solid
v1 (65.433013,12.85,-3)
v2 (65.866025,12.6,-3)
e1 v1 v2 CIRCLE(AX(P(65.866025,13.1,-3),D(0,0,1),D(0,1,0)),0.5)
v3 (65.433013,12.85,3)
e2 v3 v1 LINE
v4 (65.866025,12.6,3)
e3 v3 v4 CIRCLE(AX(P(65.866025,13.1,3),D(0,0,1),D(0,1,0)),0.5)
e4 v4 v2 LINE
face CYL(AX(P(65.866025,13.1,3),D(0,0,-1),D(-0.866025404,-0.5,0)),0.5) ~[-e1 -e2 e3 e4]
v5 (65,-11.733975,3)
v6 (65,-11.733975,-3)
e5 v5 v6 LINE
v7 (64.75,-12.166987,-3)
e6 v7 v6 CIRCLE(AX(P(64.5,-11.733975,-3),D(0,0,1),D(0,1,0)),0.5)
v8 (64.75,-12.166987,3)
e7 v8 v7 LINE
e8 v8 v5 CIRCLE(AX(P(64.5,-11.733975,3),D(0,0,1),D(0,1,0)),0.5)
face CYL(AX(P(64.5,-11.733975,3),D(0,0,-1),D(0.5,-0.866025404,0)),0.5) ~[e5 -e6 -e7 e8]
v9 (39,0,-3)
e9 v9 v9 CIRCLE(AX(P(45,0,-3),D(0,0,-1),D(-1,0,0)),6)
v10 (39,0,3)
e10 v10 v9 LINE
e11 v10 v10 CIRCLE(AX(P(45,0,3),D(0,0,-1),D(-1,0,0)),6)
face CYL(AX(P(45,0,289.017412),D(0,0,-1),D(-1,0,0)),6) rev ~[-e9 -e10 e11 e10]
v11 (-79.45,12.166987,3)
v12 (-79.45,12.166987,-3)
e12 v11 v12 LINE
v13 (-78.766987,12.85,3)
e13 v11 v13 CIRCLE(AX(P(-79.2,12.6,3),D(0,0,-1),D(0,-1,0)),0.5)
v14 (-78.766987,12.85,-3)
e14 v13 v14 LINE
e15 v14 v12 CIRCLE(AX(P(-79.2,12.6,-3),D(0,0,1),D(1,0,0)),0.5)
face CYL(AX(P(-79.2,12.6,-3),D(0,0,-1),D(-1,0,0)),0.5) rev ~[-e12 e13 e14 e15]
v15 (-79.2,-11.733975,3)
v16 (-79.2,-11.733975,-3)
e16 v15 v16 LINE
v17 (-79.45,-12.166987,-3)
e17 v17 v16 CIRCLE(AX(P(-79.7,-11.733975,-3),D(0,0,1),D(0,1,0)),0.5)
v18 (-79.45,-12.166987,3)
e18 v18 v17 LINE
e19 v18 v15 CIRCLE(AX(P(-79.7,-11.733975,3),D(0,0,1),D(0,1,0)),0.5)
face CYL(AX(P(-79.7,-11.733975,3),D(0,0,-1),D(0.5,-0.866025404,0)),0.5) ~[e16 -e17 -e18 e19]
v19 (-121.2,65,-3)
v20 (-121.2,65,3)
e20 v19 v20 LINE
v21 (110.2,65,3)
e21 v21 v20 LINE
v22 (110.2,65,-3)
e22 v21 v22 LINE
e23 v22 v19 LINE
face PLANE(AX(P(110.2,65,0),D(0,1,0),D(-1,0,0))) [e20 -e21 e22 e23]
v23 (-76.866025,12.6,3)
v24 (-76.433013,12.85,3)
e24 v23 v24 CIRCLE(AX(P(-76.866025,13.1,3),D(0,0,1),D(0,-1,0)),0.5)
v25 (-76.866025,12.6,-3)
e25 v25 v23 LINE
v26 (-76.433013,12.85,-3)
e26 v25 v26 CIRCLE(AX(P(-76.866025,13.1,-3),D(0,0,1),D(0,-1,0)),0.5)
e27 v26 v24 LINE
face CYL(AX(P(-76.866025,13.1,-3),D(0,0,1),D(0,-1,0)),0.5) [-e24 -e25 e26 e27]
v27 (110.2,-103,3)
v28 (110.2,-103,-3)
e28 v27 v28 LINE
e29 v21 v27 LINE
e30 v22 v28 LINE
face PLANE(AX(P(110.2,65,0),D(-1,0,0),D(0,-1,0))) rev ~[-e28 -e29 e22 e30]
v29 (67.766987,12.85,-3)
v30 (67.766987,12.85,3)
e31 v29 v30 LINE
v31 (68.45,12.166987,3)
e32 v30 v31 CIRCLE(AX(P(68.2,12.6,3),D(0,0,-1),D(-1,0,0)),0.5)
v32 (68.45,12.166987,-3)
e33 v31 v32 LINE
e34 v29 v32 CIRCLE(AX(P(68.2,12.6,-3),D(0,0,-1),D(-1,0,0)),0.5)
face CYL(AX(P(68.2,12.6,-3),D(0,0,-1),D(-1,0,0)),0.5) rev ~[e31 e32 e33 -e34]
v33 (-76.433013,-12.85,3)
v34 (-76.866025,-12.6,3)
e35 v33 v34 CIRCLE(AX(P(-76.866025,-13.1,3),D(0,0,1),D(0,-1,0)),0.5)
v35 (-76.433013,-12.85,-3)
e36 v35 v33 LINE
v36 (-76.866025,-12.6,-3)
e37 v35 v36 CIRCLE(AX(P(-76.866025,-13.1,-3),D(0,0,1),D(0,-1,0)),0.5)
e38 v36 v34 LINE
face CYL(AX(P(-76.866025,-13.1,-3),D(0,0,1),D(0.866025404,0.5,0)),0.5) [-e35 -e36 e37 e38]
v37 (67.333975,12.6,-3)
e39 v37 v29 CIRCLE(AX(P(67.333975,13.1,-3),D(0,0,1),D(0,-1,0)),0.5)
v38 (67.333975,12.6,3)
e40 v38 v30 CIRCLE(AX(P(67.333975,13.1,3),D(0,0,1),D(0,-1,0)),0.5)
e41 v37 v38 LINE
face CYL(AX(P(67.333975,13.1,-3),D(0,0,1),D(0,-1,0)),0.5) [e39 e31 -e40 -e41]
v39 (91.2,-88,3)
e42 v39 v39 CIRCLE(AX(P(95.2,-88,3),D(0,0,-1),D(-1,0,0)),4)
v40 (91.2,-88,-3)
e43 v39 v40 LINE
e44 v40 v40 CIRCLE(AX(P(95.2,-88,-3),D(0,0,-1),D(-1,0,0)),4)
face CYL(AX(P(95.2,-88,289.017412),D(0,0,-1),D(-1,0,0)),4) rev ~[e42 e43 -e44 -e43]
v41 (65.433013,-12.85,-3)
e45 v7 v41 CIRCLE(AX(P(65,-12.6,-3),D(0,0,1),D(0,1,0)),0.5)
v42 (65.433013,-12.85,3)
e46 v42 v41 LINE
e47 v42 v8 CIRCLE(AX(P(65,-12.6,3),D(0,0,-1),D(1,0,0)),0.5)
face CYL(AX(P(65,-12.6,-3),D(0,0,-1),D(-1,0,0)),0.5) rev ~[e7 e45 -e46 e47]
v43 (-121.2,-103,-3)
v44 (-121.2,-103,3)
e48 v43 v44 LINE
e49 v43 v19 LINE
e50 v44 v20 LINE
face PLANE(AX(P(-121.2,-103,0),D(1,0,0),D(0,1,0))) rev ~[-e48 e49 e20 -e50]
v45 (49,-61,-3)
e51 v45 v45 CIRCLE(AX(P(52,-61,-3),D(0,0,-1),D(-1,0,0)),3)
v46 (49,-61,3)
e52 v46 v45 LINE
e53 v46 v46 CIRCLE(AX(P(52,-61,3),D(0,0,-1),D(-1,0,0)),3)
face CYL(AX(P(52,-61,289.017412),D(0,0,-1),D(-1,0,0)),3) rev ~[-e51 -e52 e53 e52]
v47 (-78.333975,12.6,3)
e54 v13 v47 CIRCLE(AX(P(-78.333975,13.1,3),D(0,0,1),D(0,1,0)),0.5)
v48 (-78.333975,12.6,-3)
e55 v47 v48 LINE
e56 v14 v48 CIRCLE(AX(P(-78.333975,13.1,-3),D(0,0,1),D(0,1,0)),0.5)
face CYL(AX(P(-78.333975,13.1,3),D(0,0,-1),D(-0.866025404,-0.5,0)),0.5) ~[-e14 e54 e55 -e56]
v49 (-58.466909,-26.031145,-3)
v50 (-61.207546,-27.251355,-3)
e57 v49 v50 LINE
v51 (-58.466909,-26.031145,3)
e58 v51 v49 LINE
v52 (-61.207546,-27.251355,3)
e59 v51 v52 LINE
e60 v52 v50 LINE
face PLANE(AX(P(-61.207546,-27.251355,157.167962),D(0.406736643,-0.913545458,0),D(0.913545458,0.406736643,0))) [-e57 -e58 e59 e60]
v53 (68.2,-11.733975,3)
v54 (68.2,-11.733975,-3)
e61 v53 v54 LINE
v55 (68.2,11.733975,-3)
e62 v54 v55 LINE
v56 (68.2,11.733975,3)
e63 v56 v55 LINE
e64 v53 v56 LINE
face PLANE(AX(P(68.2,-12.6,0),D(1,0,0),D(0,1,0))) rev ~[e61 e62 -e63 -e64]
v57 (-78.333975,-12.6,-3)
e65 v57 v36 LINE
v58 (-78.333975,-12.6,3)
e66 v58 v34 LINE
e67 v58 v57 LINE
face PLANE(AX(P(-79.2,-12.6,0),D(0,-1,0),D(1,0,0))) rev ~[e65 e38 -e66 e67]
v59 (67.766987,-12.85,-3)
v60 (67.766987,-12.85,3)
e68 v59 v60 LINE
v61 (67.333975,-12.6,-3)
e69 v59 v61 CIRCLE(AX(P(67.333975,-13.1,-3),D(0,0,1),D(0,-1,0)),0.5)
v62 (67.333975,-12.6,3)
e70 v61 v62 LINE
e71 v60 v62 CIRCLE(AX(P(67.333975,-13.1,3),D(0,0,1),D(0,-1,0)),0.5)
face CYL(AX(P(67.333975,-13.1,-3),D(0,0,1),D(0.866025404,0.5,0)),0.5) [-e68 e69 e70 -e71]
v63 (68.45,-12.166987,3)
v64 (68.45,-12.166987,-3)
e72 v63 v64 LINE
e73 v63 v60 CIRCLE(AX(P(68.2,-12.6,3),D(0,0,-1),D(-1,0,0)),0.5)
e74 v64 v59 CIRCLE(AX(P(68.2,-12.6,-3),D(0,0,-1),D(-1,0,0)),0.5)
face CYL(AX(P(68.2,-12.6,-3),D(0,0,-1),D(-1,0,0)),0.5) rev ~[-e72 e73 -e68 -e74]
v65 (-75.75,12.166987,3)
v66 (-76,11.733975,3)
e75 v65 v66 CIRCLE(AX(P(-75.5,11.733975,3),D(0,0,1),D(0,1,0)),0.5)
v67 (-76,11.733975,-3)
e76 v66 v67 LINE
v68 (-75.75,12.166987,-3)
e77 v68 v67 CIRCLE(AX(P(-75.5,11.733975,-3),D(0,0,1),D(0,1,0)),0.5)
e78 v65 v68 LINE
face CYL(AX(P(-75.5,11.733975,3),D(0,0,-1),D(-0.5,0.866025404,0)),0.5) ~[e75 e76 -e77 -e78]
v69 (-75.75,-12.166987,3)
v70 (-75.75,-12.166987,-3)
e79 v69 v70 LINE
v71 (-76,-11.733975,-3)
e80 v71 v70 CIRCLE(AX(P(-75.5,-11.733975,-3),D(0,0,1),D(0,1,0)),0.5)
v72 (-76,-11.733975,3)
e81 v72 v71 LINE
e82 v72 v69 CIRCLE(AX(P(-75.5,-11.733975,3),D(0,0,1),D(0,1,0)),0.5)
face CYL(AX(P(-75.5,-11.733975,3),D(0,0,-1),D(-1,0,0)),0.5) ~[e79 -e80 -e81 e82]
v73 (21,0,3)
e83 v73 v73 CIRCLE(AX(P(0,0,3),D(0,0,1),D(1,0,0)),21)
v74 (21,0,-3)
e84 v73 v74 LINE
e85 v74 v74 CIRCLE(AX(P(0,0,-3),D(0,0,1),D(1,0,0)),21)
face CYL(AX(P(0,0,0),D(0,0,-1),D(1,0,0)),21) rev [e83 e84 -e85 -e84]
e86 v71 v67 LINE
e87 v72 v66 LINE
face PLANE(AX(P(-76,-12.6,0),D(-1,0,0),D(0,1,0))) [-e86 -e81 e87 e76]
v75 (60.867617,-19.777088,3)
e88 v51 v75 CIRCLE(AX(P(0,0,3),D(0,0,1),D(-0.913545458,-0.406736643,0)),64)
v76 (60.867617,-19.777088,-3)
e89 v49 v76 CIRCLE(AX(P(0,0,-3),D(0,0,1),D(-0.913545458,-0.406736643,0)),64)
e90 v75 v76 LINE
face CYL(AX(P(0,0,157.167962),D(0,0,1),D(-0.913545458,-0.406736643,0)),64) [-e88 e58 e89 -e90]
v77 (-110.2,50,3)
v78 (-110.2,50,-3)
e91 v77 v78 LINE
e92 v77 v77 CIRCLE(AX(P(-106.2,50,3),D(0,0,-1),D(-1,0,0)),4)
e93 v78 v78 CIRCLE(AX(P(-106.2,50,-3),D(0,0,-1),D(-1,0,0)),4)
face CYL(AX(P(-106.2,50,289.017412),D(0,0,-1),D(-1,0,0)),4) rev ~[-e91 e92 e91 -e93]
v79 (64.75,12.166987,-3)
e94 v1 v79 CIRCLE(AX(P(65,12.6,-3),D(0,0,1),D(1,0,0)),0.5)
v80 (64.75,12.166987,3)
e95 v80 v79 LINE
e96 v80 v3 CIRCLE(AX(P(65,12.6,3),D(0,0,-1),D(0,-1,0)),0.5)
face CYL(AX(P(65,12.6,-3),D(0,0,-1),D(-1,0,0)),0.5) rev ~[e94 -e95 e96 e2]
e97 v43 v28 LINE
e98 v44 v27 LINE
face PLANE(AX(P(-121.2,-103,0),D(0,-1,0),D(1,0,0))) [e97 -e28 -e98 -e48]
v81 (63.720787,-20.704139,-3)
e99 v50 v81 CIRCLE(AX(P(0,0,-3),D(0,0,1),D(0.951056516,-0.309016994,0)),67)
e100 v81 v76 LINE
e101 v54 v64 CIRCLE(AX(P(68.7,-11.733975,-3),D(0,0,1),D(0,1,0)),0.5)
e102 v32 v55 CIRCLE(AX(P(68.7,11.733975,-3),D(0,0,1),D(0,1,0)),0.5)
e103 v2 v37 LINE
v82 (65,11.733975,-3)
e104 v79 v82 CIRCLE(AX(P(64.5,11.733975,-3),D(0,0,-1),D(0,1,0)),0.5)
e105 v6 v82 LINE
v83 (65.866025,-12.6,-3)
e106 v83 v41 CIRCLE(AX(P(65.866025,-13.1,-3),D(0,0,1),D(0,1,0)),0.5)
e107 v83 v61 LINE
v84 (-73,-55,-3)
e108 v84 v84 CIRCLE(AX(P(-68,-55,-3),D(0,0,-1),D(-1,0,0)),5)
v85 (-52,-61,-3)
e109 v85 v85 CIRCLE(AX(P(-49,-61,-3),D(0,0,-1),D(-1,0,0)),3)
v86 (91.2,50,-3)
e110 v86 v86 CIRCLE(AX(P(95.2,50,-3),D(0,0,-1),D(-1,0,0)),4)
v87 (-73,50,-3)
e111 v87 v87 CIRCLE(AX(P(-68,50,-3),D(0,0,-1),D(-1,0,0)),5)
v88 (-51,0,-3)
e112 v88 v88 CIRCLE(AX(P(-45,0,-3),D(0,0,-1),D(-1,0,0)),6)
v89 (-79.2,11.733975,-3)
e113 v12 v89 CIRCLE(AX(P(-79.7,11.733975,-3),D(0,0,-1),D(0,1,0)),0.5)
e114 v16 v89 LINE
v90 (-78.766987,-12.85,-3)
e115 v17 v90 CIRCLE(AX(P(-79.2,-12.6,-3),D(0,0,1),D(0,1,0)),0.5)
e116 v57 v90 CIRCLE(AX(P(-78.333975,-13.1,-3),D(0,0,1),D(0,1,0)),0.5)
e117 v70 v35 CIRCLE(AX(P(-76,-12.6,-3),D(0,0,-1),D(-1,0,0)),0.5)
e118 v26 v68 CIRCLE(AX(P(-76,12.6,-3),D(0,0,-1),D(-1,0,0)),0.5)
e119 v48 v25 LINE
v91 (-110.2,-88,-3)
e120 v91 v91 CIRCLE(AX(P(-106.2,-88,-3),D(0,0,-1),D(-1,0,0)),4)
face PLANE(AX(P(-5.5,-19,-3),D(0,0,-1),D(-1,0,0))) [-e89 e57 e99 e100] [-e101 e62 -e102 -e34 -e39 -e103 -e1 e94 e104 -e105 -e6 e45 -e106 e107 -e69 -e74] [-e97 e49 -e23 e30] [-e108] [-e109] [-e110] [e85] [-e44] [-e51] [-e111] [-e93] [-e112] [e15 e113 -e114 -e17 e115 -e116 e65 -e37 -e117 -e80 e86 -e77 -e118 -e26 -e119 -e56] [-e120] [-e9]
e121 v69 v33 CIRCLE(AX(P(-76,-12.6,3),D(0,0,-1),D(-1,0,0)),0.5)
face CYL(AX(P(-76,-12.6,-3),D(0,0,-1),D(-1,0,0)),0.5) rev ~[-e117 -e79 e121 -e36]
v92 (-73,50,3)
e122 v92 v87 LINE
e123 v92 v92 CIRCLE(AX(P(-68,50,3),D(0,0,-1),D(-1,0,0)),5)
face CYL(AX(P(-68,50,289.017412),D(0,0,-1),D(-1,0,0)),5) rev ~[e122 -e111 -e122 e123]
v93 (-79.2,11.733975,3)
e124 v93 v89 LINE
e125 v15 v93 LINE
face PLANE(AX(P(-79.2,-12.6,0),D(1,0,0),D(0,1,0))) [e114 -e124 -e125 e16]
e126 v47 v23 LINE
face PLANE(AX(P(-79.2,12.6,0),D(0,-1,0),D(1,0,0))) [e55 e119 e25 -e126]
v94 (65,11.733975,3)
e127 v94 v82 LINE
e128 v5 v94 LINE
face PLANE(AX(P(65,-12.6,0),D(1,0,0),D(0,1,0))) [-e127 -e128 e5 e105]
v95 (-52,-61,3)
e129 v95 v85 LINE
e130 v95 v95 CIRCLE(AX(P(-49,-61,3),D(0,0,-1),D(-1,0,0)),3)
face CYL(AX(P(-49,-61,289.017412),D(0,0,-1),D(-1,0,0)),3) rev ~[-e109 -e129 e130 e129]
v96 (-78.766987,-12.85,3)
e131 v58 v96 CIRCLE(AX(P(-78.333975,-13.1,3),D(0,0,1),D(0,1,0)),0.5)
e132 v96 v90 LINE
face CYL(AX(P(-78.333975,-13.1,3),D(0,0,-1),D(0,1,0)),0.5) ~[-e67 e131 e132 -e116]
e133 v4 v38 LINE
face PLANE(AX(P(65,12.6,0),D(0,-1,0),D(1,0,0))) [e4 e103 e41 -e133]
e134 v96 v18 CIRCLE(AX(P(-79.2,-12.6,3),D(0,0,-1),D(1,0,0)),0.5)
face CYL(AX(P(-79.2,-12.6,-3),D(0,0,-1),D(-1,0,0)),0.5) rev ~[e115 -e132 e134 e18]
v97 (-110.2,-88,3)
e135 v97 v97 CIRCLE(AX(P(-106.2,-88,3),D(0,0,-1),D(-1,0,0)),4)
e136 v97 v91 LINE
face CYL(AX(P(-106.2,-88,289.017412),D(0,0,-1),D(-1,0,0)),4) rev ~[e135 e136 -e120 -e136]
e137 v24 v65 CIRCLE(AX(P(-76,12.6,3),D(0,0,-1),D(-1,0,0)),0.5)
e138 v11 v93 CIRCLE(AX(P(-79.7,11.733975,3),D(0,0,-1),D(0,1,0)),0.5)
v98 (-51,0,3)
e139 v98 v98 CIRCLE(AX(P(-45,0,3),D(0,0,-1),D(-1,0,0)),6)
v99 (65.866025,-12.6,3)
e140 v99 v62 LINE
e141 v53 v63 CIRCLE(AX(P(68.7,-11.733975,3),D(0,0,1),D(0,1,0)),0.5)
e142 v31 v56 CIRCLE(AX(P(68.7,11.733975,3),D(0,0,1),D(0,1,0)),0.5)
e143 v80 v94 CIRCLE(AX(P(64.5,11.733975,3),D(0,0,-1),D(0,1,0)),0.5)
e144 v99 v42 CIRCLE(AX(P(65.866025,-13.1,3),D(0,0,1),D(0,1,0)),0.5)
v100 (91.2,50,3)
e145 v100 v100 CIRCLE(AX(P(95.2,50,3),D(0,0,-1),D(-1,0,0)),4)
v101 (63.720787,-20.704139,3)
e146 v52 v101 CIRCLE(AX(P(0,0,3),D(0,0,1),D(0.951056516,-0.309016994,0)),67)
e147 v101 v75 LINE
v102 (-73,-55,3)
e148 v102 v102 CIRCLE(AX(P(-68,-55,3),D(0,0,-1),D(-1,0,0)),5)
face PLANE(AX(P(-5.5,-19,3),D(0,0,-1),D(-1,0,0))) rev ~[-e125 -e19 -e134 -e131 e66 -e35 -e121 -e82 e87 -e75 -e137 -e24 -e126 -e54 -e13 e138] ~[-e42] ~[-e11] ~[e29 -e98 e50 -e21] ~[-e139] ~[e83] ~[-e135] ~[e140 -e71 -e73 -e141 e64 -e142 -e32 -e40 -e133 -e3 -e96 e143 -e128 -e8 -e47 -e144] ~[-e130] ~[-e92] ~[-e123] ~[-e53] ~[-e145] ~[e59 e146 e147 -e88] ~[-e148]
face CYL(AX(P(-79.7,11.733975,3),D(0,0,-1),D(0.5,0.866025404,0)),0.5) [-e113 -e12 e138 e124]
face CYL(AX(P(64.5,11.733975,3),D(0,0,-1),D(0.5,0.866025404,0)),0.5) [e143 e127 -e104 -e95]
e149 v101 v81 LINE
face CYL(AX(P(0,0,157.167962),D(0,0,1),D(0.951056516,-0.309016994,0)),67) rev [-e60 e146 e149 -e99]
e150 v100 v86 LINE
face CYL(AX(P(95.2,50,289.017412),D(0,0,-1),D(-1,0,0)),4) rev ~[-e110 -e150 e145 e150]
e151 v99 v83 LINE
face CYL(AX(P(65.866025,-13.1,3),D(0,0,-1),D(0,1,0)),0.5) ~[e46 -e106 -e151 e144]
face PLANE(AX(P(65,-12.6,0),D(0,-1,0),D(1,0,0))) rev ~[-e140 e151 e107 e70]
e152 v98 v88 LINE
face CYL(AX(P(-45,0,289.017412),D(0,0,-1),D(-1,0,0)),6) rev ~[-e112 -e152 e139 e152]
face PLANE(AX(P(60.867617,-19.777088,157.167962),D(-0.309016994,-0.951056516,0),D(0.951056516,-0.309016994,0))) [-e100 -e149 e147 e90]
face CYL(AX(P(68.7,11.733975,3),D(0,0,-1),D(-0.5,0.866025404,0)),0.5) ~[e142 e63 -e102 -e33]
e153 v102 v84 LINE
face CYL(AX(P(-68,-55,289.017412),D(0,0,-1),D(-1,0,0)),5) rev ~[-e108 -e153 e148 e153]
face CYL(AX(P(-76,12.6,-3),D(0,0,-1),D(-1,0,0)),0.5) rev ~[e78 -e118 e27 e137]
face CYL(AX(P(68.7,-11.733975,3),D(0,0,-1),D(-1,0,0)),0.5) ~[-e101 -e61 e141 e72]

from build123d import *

# Parameters (mm, degrees)
SKETCH2_R                  = 21
SKETCH2_W                  = 3.2
SKETCH2_H                  = 25.2
BOSS_EXTRUDE1_DEPTH        = 3
F_10_0_10_DIAMETER_HOLE1_D = 10
F_8_0_8_DIAMETER_HOLE1_D   = 8
F_12_0_12_DIAMETER_HOLE1_D = 12
CUT_EXTRUDE1_DEPTH         = 160.1679616
CUT_EXTRUDE1_DEPTH_BACK    = 160.1679616
SKETCH19_R                 = 0.5
CUT_EXTRUDE2_DEPTH         = 160.1679616
FILLET1_R                  = 0.5
F_6_0_6_DIAMETER_HOLE1_D   = 6


with BuildPart() as part:
    # Sketch2 → Boss-Extrude1 (new, symmetric)
    with BuildSketch(Plane.XY):
        Polygon((-68, 65), (95.2, 65), (110.2, 65), (110.2, -103), (0, -103), (-121.2, -103), (-121.2, 65), (-106.2, 65), align=None)
        Circle(SKETCH2_R, mode=Mode.SUBTRACT)
        with Locations((-77.6, 0)):
            Rectangle(SKETCH2_W, SKETCH2_H, mode=Mode.SUBTRACT)
        with Locations((66.6, 0)):
            Rectangle(SKETCH2_W, SKETCH2_H, mode=Mode.SUBTRACT)
    extrude(amount=BOSS_EXTRUDE1_DEPTH, both=True)

    # Ø10.0 (10) Diameter Hole1 (through all)
    with Locations(Plane.XY.offset(3)):
        with Locations((-68, 50), (-68, -55)):
            Hole(F_10_0_10_DIAMETER_HOLE1_D / 2)

    # Ø8.0 (8) Diameter Hole1 (through all)
    with Locations(Plane.XY.offset(3)):
        with Locations((-106.2, 50), (-106.2, -88), (95.2, -88), (95.2, 50)):
            Hole(F_8_0_8_DIAMETER_HOLE1_D / 2)

    # Ø12.0 (12) Diameter Hole1 (through all)
    with Locations(Plane.XY.offset(3)):
        with Locations((-45, 0), (45, 0)):
            Hole(F_12_0_12_DIAMETER_HOLE1_D / 2)

    # Sketch18 → Cut-Extrude1 (cut, two sides: drawn at the far end of the back side and taken through both)
    with BuildSketch(Plane(origin=(0, 0, -3), x_dir=(-1, 0, 0), z_dir=(0, 0, -1)).offset(-CUT_EXTRUDE1_DEPTH_BACK)):
        with BuildLine():
            Line((-60.867617043, -19.77708764), (-63.720786592, -20.704138623))
            ThreePointArc((-63.720786592, -20.704138623), (-3.506509068, -66.908178829), (61.207545662, -27.251355086))
            Line((61.207545662, -27.251355086), (58.466909289, -26.031145157))
            ThreePointArc((58.466909289, -26.031145157), (-3.3495012, -63.912290224), (-60.867617043, -19.77708764))
        make_face()
    extrude(amount=CUT_EXTRUDE1_DEPTH + CUT_EXTRUDE1_DEPTH_BACK, mode=Mode.SUBTRACT)

    # Sketch19 → Cut-Extrude2 (cut, through all)
    with BuildSketch(Plane(origin=(0, 0, -3), x_dir=(-1, 0, 0), z_dir=(0, 0, -1))):
        with Locations((-65, -12.6)):
            Circle(SKETCH19_R)
        with Locations((-68.2, -12.6)):
            Circle(SKETCH19_R)
        with Locations((-68.2, 12.6)):
            Circle(SKETCH19_R)
        with Locations((-65, 12.6)):
            Circle(SKETCH19_R)
        with Locations((79.2, -12.6)):
            Circle(SKETCH19_R)
        with Locations((76, -12.6)):
            Circle(SKETCH19_R)
        with Locations((79.2, 12.6)):
            Circle(SKETCH19_R)
        with Locations((76, 12.6)):
            Circle(SKETCH19_R)
    extrude(amount=-CUT_EXTRUDE2_DEPTH, mode=Mode.SUBTRACT)

    # Fillet1
    fillet1_edges = [part.edges().sort_by_distance(p)[0] for p in [
        (68.2, 12.1, 0),
        (68.2, -12.1, 0),
        (65.5, -12.6, 0),
        (65, 12.1, 0),
        (-76, -12.1, 0),
        (-76, 12.1, 0),
        (-78.7, -12.6, 0),
        (-79.2, 12.1, 0),
        (67.7, -12.6, 0),
        (67.7, 12.6, 0),
        (65.5, 12.6, 0),
        (-79.2, -12.1, 0),
        (-76.5, 12.6, 0),
        (-78.7, 12.6, 0),
        (-76.5, -12.6, 0),
        (65, -12.1, 0),
    ]]
    fillet(fillet1_edges, radius=FILLET1_R)

    # Ø6.0 (6) Diameter Hole1 (through all)
    with Locations(Plane.XY.offset(3)):
        with Locations((-49, -61), (52, -61)):
            Hole(F_6_0_6_DIAMETER_HOLE1_D / 2)


solid = part.part
